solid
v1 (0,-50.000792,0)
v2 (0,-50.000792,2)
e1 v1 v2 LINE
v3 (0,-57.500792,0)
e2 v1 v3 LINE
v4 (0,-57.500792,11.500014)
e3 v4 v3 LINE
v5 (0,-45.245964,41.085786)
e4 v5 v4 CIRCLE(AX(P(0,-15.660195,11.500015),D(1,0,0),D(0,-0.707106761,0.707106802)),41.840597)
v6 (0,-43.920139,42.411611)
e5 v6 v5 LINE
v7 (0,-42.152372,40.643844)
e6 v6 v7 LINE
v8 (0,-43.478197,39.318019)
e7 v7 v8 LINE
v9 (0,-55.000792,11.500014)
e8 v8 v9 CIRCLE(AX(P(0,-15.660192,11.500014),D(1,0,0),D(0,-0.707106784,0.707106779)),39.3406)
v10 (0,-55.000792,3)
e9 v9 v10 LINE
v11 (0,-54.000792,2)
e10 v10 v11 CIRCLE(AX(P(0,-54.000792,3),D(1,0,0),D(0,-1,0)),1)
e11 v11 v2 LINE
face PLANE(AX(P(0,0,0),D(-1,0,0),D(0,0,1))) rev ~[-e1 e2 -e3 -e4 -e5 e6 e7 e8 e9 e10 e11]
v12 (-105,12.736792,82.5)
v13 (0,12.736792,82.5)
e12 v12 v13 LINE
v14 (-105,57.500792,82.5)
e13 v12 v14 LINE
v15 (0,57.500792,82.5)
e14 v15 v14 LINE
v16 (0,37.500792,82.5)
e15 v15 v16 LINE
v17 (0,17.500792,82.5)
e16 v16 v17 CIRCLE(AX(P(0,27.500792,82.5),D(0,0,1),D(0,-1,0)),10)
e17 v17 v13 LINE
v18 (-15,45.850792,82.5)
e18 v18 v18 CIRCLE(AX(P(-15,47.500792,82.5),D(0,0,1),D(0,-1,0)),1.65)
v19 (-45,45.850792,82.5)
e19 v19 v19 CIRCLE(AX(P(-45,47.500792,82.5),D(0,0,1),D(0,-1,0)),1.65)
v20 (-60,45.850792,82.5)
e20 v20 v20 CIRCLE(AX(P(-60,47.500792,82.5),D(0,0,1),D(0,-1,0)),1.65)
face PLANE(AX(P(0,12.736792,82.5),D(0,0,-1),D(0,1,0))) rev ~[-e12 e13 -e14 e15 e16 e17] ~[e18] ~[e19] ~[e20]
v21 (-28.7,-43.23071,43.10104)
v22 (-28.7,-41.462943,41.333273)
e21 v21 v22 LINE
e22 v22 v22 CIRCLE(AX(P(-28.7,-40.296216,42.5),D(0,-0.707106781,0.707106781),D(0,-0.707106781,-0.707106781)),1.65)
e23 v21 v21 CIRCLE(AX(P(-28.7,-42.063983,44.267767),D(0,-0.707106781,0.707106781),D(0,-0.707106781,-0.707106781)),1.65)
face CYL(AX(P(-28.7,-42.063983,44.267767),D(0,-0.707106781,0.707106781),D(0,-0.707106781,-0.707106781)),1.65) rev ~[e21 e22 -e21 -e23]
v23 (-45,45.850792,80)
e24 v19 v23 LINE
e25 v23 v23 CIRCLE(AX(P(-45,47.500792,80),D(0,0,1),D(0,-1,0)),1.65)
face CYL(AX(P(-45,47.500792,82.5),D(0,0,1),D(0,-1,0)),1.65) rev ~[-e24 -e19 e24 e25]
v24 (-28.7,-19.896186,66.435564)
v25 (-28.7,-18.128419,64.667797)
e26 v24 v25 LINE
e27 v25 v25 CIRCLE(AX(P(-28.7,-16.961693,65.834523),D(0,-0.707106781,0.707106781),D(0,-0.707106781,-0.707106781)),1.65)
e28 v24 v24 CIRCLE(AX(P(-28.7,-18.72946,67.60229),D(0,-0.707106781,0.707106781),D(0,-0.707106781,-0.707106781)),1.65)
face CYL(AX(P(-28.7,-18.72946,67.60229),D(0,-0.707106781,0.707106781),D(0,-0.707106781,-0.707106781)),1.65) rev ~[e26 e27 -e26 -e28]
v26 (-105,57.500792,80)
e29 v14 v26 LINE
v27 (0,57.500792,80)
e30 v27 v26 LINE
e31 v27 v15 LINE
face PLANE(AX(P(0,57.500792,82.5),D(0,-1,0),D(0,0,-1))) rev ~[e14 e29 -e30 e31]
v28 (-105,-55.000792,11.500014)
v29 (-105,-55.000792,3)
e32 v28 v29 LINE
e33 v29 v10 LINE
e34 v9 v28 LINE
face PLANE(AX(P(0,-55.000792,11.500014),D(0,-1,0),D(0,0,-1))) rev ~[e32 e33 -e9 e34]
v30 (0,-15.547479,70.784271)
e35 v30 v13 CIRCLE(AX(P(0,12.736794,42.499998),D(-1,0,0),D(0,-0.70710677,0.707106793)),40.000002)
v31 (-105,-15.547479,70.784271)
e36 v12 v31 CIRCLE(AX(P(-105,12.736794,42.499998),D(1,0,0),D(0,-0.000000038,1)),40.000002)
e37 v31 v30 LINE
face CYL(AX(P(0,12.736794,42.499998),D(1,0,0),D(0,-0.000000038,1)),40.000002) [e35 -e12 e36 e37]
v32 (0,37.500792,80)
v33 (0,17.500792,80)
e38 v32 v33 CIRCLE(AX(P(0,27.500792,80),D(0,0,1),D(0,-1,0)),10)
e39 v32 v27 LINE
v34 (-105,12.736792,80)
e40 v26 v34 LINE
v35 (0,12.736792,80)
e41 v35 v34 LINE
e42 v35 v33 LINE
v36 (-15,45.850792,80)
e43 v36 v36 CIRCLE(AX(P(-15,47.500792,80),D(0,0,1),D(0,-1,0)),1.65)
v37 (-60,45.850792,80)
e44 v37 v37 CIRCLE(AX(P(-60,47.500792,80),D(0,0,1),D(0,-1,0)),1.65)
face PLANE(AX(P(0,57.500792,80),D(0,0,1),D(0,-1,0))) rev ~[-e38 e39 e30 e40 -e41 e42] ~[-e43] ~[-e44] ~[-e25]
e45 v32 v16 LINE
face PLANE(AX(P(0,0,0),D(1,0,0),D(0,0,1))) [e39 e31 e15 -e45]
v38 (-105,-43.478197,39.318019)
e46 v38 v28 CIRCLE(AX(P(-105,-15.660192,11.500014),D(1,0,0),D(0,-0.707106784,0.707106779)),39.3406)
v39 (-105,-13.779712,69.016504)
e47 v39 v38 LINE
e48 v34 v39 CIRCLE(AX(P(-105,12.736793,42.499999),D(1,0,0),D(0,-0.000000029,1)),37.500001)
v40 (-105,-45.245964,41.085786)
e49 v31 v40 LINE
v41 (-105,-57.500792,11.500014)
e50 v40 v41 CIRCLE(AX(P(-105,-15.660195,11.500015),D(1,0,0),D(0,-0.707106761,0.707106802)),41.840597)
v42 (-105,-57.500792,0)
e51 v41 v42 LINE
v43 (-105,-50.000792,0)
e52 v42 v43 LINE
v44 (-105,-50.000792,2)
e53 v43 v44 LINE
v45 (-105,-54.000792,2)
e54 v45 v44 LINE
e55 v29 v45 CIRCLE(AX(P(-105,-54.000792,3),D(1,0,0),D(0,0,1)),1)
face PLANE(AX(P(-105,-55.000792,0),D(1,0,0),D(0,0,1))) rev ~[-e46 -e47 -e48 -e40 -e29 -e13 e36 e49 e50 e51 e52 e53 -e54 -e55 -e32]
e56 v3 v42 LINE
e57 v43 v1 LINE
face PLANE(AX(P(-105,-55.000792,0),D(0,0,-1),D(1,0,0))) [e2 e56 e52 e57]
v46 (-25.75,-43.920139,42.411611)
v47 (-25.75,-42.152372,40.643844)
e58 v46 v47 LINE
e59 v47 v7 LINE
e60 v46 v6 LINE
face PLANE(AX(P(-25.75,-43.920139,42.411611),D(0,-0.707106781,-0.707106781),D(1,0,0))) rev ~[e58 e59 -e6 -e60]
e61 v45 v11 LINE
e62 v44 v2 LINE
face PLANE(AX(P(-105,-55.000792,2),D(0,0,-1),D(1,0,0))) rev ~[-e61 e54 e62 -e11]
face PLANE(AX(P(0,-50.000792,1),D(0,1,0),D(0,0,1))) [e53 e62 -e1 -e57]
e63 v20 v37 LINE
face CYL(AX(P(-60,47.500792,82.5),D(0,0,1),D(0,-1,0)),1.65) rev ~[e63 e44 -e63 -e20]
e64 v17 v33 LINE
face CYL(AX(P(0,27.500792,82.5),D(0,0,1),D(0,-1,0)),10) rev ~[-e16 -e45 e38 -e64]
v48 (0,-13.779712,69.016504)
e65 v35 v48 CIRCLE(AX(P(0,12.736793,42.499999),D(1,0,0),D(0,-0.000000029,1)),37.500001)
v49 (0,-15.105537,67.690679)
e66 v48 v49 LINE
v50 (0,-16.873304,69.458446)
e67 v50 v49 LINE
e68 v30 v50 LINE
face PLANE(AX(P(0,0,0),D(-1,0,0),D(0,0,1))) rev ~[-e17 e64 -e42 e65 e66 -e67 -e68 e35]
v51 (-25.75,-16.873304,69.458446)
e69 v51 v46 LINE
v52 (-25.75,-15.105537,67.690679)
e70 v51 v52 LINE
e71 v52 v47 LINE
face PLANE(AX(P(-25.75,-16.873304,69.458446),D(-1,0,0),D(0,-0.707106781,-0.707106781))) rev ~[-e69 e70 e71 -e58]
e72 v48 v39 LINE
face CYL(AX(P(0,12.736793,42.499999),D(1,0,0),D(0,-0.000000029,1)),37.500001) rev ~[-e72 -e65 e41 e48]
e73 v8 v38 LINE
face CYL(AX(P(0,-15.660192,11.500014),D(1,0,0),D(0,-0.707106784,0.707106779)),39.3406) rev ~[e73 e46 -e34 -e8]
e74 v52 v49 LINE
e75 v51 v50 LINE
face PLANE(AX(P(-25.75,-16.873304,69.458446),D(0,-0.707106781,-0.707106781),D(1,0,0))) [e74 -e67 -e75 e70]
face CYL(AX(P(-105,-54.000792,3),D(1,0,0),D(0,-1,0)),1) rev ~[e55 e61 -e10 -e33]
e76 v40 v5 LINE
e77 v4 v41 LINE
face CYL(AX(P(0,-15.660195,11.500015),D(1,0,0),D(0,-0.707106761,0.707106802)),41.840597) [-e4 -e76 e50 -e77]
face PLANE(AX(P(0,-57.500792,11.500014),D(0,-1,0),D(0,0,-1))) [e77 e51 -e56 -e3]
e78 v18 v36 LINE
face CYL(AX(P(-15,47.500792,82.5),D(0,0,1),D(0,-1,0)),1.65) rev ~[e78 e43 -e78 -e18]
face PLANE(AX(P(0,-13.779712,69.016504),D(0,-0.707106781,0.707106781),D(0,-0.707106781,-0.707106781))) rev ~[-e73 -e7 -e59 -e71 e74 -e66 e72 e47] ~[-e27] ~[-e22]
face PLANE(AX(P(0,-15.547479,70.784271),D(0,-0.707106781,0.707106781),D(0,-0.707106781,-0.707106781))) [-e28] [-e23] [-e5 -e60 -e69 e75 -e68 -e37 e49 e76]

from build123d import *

# Parameters (mm, degrees)
PAD_DEPTH            = 105
PAD_DEPTH_BACK       = 105
SKETCH001_R          = 1.65
SKETCH001_W          = 38.25
SKETCH001_H          = 51.5
POCKET_DEPTH         = 101.705966
SKETCH003_R          = 1.65
POCKET001_DEPTH      = 5
SKETCH004_W          = 2
SKETCH004_H          = 210
PAD001_DEPTH         = 5
FILLET_R             = 1
SKETCH005_R          = 10
POCKET002_DEPTH      = 5
SKETCH006_W          = 110
SKETCH006_H          = 90
POCKET003_DEPTH      = 100
POCKET003_DEPTH_BACK = -72


with BuildPart() as part:
    # Sketch → Pad (new body, two sides)
    with BuildSketch(Plane.YZ) as pad_sk:
        with BuildLine():
            Line((12.736792, 82.5), (57.500792, 82.5))
            Line((57.500792, 82.5), (57.500792, 80))
            Line((57.500792, 80), (12.736792, 80))
            ThreePointArc((12.736792, 80), (-1.613837, 77.145482), (-13.779712, 69.016504))
            Line((-13.779712, 69.016504), (-43.478197, 39.318019))
            ThreePointArc((-43.478197, 39.318019), (-52.006167, 26.55501), (-55.000792, 11.500014))
            Line((-55.000792, 11.500014), (-55.000792, 0))
            Line((-55.000792, 0), (-57.500792, 0))
            Line((-57.500792, 11.500014), (-57.500792, 0))
            ThreePointArc((-45.245964, 41.085786), (-54.315866, 27.511719), (-57.500792, 11.500014))
            Line((-15.547479, 70.784271), (-45.245964, 41.085786))
            ThreePointArc((12.736792, 82.5), (-2.570545, 79.455181), (-15.547479, 70.784271))
        make_face()
    extrude(amount=PAD_DEPTH)
    extrude(pad_sk.sketch, amount=-PAD_DEPTH_BACK)

    # Sketch001 (on Face12 of Pad) → Pocket (cut, through all)
    with BuildSketch(Plane(origin=(0, -43.165875, 43.165875), x_dir=(0, -0.707107, -0.707107), z_dir=(0, -0.707107, 0.707107))):
        with Locations((-34.55831, 28.7)):
            Circle(SKETCH001_R)
        with Locations((-1.55831, 28.7)):
            Circle(SKETCH001_R)
        with Locations((-34.55831, -28.7)):
            Circle(SKETCH001_R)
        with Locations((-1.55831, -28.7)):
            Circle(SKETCH001_R)
        with Locations((-18.05831, 0)):
            Rectangle(SKETCH001_W, SKETCH001_H)
    extrude(amount=-POCKET_DEPTH, mode=Mode.SUBTRACT)

    # Sketch003 (on Face2 of Pocket) → Pocket001 (cut)
    with BuildSketch(Plane(origin=(0, 0, 82.5), x_dir=(0, -1, 0), z_dir=(0, 0, 1))):
        with Locations((-47.500792, 15)):
            Circle(SKETCH003_R)
        with Locations((-47.500792, 45)):
            Circle(SKETCH003_R)
        with Locations((-47.500792, -15)):
            Circle(SKETCH003_R)
        with Locations((-47.500792, -45)):
            Circle(SKETCH003_R)
        with Locations((-47.500792, 60)):
            Circle(SKETCH003_R)
        with Locations((-47.500792, -60)):
            Circle(SKETCH003_R)
    extrude(amount=-POCKET001_DEPTH, mode=Mode.SUBTRACT)

    # Sketch004 (on Face26 of Pocket001) → Pad001 (join)
    with BuildSketch(Plane.ZX.offset(-55.000792)):
        with Locations((1, 0)):
            Rectangle(SKETCH004_W, SKETCH004_H)
    extrude(amount=PAD001_DEPTH)

    # Fillet
    fillet_edges = [part.edges().sort_by_distance(p)[0] for p in [
        (0, -55.000792, 2),
    ]]
    fillet(fillet_edges, radius=FILLET_R)

    # Sketch005 (on Face15 of Fillet) → Pocket002 (cut)
    with BuildSketch(Plane(origin=(0, 0, 82.5), x_dir=(0, -1, 0), z_dir=(0, 0, 1))):
        with Locations((-27.500792, 0)):
            Circle(SKETCH005_R)
    extrude(amount=-POCKET002_DEPTH, mode=Mode.SUBTRACT)

    # Sketch006 → Pocket003 (cut, two sides)
    with BuildSketch(Plane.XZ) as pocket003_sk:
        with Locations((55, 45)):
            Rectangle(SKETCH006_W, SKETCH006_H)
    extrude(amount=-POCKET003_DEPTH, mode=Mode.SUBTRACT)
    extrude(pocket003_sk.sketch, amount=-POCKET003_DEPTH_BACK, mode=Mode.SUBTRACT)


solid = part.part
